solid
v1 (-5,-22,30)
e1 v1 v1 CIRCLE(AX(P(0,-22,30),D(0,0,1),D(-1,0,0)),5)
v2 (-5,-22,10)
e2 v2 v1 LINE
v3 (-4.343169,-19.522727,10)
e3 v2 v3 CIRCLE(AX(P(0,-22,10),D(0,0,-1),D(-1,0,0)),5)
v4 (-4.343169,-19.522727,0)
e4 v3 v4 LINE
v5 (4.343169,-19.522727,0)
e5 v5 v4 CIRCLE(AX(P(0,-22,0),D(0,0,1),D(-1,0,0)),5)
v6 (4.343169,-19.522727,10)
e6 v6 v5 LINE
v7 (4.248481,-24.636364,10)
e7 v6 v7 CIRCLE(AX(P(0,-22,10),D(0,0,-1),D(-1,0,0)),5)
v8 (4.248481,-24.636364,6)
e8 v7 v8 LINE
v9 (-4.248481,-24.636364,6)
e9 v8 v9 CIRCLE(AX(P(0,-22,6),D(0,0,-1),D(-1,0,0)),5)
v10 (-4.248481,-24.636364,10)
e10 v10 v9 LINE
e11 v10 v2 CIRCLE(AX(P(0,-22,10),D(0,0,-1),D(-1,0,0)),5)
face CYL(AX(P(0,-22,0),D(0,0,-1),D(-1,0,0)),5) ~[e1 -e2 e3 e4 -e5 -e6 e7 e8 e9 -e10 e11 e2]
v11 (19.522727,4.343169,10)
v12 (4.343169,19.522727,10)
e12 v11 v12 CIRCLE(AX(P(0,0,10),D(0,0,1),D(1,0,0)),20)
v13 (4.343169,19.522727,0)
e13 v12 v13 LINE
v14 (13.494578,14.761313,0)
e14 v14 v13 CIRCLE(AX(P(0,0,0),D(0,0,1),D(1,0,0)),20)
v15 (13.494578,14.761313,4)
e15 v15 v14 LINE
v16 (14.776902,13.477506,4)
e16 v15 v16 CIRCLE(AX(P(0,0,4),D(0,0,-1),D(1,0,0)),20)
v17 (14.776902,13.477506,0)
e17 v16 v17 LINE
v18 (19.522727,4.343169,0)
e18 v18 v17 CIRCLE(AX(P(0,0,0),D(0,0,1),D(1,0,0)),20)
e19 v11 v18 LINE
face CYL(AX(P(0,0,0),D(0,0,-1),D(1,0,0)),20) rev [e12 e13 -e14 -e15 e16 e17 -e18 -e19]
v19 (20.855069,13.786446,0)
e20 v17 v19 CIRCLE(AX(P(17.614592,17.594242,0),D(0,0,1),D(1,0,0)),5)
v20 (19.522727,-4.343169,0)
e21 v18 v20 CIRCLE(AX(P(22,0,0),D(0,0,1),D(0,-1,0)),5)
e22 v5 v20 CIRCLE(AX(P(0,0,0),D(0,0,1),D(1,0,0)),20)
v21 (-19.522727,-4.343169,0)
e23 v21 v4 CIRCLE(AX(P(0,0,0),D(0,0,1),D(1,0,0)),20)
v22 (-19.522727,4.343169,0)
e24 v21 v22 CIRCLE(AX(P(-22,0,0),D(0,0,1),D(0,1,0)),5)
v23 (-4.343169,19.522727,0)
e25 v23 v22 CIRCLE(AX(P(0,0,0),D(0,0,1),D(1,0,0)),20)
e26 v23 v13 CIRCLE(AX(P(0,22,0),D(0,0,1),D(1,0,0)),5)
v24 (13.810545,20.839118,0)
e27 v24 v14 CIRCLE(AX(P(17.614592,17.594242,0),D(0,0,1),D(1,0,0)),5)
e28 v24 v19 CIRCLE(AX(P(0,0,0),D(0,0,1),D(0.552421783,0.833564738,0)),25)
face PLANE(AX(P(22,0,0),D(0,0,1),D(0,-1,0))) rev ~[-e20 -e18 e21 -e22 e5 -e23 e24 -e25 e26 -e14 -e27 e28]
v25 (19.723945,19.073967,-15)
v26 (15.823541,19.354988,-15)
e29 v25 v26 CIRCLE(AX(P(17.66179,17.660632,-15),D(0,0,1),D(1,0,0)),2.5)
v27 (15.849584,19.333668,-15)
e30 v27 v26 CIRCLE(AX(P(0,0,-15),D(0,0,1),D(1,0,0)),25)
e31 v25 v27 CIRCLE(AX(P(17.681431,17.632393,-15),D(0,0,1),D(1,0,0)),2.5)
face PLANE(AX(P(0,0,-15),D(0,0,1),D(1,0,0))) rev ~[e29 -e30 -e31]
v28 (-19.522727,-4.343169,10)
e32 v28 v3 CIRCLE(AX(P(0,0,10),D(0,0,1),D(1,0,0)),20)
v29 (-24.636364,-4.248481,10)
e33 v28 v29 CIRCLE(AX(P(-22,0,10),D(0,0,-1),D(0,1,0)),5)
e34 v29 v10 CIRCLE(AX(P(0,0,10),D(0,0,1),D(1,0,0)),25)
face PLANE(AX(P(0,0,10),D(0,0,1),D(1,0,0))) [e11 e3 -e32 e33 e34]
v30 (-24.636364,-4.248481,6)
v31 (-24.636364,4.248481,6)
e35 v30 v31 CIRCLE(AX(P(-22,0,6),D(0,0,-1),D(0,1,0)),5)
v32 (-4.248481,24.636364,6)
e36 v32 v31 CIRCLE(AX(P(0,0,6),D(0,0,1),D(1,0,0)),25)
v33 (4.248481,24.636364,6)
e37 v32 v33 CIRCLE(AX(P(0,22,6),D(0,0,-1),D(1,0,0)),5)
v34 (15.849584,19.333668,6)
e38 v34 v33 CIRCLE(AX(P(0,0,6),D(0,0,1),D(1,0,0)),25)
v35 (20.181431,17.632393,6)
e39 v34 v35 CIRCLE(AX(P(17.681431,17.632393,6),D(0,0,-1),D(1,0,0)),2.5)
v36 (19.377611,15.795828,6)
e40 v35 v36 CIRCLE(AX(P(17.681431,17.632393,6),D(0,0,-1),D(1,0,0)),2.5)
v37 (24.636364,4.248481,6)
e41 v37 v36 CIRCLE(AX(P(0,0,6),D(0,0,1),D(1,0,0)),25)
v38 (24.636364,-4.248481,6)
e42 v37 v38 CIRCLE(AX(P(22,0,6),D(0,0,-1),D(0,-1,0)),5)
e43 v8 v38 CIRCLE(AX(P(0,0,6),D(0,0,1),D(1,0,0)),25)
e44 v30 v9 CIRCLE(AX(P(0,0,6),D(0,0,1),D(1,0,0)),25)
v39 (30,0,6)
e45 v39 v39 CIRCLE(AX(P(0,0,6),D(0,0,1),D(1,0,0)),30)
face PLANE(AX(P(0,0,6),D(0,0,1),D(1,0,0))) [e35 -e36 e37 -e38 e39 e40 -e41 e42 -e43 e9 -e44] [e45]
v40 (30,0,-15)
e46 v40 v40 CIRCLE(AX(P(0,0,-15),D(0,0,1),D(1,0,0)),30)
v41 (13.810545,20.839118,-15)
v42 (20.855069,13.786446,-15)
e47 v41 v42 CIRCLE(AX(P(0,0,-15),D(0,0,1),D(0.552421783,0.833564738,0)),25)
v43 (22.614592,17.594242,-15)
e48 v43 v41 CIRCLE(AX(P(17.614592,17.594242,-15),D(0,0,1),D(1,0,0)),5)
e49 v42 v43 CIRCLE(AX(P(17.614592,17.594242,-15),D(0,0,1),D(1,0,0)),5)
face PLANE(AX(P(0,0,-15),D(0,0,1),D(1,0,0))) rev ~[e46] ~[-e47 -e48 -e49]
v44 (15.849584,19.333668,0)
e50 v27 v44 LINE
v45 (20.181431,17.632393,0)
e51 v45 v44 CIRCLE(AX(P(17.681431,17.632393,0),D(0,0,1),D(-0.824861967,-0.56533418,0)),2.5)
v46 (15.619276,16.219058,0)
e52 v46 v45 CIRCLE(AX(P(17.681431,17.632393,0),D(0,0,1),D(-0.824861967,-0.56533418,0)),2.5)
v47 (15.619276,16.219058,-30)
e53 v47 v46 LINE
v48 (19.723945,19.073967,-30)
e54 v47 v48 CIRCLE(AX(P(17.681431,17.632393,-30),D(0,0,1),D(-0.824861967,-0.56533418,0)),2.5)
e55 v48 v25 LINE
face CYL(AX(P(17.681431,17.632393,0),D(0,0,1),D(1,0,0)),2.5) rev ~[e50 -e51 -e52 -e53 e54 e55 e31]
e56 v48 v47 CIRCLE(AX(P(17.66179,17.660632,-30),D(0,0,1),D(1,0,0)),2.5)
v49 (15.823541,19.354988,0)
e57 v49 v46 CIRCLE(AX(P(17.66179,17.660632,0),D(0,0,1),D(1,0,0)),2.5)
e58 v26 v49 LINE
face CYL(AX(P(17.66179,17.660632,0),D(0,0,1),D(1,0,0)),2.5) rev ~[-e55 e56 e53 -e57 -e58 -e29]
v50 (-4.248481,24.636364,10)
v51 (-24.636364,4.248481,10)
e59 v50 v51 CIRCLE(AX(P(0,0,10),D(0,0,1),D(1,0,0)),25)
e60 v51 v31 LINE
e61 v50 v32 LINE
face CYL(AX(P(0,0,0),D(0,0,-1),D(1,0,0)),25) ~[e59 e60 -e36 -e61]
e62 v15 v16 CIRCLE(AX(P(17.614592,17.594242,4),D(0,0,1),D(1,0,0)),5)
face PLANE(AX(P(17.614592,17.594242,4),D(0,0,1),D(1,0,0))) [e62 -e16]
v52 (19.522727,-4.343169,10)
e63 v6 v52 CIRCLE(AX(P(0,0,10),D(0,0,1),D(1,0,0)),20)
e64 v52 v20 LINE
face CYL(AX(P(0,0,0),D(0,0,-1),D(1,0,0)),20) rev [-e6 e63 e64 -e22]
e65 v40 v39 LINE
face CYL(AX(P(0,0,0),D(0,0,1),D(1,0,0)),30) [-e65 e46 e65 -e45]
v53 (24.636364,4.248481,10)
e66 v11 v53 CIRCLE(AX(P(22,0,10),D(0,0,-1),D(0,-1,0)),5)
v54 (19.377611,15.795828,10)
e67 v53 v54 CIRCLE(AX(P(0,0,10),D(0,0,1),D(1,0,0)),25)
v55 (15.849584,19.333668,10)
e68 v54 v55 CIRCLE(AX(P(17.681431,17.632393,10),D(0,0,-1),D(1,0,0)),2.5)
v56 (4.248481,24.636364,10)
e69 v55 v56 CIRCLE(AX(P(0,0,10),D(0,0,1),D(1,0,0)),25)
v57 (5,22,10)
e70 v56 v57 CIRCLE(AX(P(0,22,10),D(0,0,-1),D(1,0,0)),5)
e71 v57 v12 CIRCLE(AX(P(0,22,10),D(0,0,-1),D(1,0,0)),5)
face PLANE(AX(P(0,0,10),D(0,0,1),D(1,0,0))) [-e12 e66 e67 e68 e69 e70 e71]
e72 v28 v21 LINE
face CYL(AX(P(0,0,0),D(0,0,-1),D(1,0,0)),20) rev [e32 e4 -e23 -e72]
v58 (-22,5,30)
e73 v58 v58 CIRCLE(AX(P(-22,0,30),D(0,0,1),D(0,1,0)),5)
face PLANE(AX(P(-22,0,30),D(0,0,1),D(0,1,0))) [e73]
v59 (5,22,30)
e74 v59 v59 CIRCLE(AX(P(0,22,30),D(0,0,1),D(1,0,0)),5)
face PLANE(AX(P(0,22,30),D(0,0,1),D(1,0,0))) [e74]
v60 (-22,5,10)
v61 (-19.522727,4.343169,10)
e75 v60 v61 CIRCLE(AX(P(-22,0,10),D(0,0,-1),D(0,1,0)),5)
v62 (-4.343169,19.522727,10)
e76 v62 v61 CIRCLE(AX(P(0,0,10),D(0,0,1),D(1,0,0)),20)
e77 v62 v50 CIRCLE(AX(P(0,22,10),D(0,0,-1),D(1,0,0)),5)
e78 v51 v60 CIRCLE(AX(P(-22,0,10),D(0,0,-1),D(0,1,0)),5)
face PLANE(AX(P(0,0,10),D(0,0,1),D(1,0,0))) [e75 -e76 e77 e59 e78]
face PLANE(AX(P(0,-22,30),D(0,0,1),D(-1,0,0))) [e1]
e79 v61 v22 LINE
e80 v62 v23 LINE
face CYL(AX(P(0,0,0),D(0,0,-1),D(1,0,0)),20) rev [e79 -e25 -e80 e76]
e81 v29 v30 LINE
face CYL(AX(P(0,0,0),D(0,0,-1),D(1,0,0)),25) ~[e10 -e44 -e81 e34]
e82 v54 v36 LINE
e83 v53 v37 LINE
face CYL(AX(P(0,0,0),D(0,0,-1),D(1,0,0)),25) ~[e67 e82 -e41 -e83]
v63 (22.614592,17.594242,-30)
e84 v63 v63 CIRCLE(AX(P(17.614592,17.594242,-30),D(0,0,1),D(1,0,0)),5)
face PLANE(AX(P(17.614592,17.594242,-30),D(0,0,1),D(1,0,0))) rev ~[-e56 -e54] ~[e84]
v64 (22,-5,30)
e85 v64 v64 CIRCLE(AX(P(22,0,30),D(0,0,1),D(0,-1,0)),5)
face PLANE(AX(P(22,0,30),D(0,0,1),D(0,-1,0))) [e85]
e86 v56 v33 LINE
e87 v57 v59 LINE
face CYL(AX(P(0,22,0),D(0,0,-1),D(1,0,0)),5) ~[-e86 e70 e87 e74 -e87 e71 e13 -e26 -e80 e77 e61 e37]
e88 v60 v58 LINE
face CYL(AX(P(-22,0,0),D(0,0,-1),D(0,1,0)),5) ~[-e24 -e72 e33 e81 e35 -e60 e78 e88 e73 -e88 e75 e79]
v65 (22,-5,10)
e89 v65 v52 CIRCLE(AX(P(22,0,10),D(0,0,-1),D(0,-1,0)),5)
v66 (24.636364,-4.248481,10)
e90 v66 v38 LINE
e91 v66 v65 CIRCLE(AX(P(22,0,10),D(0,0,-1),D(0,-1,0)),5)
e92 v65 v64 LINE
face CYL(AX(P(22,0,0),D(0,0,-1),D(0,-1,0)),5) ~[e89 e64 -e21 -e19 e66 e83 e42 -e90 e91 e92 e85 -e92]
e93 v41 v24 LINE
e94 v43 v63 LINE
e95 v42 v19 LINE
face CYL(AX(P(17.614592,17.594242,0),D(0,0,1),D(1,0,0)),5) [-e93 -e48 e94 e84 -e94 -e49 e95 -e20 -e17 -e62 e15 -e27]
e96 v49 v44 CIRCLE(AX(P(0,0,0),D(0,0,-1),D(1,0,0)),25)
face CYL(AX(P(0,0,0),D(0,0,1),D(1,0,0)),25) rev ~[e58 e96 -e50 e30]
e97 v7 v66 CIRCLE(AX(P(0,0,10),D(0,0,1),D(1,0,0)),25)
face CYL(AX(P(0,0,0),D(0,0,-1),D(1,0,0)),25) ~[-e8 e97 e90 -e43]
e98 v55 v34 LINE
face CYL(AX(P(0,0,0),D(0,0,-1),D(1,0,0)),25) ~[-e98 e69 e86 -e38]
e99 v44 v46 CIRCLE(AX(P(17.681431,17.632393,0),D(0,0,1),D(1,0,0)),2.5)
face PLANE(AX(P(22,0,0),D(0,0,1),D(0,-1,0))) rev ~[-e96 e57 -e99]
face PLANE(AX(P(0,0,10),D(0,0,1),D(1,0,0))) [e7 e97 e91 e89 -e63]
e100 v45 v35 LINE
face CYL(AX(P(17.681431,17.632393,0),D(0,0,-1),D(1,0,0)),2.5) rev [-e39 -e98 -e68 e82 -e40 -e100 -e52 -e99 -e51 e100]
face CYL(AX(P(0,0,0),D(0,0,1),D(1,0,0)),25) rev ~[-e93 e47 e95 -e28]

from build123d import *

# Parameters (mm, degrees)
SKETCH_R           = 30
SKETCH_R_2         = 25
PAD003_DEPTH       = 6
PAD003_DEPTH_BACK  = 15
SKETCH001_R        = 5
PAD004_DEPTH       = 30
POLARPATTERN_COUNT = 4
SKETCH003_R        = 25
SKETCH003_R_2      = 20
PAD_DEPTH          = 10
SKETCH004_R        = 5
SKETCH004_R_2      = 2.5
PAD006_DEPTH       = 4
PAD006_DEPTH_BACK  = 30
SKETCH005_R        = 2.5
POCKET_DEPTH       = 30.001
POCKET_DEPTH_BACK  = 30.001


with BuildPart() as part:
    # Sketch → Pad003 (new body, two sides)
    with BuildSketch(Plane.XY) as pad003_sk:
        Circle(SKETCH_R)
        Circle(SKETCH_R_2, mode=Mode.SUBTRACT)
    extrude(amount=PAD003_DEPTH)
    extrude(pad003_sk.sketch, amount=-PAD003_DEPTH_BACK)

    # Sketch001 → Pad004 (join)
    with BuildSketch(Plane.XY):
        with Locations((0, 22)):
            Circle(SKETCH001_R)
    pad004 = extrude(amount=PAD004_DEPTH)

    # PolarPattern: Pad004 ×4 about axis
    polarpattern_axis = Axis((0, 0, 0), (0, 0, 1))
    for i in range(1, POLARPATTERN_COUNT):
        add(pad004.rotate(polarpattern_axis, i * 360 / POLARPATTERN_COUNT))

    # Sketch003 → Pad (join)
    with BuildSketch(Plane.XY):
        Circle(SKETCH003_R)
        Circle(SKETCH003_R_2, mode=Mode.SUBTRACT)
    extrude(amount=PAD_DEPTH)

    # Sketch004 → Pad006 (join, two sides)
    with BuildSketch(Plane.XY) as pad006_sk:
        with Locations((17.614592, 17.594242)):
            Circle(SKETCH004_R)
        with Locations((17.66179, 17.660632)):
            Circle(SKETCH004_R_2, mode=Mode.SUBTRACT)
    extrude(amount=PAD006_DEPTH)
    extrude(pad006_sk.sketch, amount=-PAD006_DEPTH_BACK)

    # Sketch005 → Pocket (cut, two sides)
    with BuildSketch(Plane.XY) as pocket_sk:
        with Locations((17.681431, 17.632393)):
            Circle(SKETCH005_R)
    extrude(amount=-POCKET_DEPTH, mode=Mode.SUBTRACT)
    extrude(pocket_sk.sketch, amount=POCKET_DEPTH_BACK, mode=Mode.SUBTRACT)


solid = part.part
